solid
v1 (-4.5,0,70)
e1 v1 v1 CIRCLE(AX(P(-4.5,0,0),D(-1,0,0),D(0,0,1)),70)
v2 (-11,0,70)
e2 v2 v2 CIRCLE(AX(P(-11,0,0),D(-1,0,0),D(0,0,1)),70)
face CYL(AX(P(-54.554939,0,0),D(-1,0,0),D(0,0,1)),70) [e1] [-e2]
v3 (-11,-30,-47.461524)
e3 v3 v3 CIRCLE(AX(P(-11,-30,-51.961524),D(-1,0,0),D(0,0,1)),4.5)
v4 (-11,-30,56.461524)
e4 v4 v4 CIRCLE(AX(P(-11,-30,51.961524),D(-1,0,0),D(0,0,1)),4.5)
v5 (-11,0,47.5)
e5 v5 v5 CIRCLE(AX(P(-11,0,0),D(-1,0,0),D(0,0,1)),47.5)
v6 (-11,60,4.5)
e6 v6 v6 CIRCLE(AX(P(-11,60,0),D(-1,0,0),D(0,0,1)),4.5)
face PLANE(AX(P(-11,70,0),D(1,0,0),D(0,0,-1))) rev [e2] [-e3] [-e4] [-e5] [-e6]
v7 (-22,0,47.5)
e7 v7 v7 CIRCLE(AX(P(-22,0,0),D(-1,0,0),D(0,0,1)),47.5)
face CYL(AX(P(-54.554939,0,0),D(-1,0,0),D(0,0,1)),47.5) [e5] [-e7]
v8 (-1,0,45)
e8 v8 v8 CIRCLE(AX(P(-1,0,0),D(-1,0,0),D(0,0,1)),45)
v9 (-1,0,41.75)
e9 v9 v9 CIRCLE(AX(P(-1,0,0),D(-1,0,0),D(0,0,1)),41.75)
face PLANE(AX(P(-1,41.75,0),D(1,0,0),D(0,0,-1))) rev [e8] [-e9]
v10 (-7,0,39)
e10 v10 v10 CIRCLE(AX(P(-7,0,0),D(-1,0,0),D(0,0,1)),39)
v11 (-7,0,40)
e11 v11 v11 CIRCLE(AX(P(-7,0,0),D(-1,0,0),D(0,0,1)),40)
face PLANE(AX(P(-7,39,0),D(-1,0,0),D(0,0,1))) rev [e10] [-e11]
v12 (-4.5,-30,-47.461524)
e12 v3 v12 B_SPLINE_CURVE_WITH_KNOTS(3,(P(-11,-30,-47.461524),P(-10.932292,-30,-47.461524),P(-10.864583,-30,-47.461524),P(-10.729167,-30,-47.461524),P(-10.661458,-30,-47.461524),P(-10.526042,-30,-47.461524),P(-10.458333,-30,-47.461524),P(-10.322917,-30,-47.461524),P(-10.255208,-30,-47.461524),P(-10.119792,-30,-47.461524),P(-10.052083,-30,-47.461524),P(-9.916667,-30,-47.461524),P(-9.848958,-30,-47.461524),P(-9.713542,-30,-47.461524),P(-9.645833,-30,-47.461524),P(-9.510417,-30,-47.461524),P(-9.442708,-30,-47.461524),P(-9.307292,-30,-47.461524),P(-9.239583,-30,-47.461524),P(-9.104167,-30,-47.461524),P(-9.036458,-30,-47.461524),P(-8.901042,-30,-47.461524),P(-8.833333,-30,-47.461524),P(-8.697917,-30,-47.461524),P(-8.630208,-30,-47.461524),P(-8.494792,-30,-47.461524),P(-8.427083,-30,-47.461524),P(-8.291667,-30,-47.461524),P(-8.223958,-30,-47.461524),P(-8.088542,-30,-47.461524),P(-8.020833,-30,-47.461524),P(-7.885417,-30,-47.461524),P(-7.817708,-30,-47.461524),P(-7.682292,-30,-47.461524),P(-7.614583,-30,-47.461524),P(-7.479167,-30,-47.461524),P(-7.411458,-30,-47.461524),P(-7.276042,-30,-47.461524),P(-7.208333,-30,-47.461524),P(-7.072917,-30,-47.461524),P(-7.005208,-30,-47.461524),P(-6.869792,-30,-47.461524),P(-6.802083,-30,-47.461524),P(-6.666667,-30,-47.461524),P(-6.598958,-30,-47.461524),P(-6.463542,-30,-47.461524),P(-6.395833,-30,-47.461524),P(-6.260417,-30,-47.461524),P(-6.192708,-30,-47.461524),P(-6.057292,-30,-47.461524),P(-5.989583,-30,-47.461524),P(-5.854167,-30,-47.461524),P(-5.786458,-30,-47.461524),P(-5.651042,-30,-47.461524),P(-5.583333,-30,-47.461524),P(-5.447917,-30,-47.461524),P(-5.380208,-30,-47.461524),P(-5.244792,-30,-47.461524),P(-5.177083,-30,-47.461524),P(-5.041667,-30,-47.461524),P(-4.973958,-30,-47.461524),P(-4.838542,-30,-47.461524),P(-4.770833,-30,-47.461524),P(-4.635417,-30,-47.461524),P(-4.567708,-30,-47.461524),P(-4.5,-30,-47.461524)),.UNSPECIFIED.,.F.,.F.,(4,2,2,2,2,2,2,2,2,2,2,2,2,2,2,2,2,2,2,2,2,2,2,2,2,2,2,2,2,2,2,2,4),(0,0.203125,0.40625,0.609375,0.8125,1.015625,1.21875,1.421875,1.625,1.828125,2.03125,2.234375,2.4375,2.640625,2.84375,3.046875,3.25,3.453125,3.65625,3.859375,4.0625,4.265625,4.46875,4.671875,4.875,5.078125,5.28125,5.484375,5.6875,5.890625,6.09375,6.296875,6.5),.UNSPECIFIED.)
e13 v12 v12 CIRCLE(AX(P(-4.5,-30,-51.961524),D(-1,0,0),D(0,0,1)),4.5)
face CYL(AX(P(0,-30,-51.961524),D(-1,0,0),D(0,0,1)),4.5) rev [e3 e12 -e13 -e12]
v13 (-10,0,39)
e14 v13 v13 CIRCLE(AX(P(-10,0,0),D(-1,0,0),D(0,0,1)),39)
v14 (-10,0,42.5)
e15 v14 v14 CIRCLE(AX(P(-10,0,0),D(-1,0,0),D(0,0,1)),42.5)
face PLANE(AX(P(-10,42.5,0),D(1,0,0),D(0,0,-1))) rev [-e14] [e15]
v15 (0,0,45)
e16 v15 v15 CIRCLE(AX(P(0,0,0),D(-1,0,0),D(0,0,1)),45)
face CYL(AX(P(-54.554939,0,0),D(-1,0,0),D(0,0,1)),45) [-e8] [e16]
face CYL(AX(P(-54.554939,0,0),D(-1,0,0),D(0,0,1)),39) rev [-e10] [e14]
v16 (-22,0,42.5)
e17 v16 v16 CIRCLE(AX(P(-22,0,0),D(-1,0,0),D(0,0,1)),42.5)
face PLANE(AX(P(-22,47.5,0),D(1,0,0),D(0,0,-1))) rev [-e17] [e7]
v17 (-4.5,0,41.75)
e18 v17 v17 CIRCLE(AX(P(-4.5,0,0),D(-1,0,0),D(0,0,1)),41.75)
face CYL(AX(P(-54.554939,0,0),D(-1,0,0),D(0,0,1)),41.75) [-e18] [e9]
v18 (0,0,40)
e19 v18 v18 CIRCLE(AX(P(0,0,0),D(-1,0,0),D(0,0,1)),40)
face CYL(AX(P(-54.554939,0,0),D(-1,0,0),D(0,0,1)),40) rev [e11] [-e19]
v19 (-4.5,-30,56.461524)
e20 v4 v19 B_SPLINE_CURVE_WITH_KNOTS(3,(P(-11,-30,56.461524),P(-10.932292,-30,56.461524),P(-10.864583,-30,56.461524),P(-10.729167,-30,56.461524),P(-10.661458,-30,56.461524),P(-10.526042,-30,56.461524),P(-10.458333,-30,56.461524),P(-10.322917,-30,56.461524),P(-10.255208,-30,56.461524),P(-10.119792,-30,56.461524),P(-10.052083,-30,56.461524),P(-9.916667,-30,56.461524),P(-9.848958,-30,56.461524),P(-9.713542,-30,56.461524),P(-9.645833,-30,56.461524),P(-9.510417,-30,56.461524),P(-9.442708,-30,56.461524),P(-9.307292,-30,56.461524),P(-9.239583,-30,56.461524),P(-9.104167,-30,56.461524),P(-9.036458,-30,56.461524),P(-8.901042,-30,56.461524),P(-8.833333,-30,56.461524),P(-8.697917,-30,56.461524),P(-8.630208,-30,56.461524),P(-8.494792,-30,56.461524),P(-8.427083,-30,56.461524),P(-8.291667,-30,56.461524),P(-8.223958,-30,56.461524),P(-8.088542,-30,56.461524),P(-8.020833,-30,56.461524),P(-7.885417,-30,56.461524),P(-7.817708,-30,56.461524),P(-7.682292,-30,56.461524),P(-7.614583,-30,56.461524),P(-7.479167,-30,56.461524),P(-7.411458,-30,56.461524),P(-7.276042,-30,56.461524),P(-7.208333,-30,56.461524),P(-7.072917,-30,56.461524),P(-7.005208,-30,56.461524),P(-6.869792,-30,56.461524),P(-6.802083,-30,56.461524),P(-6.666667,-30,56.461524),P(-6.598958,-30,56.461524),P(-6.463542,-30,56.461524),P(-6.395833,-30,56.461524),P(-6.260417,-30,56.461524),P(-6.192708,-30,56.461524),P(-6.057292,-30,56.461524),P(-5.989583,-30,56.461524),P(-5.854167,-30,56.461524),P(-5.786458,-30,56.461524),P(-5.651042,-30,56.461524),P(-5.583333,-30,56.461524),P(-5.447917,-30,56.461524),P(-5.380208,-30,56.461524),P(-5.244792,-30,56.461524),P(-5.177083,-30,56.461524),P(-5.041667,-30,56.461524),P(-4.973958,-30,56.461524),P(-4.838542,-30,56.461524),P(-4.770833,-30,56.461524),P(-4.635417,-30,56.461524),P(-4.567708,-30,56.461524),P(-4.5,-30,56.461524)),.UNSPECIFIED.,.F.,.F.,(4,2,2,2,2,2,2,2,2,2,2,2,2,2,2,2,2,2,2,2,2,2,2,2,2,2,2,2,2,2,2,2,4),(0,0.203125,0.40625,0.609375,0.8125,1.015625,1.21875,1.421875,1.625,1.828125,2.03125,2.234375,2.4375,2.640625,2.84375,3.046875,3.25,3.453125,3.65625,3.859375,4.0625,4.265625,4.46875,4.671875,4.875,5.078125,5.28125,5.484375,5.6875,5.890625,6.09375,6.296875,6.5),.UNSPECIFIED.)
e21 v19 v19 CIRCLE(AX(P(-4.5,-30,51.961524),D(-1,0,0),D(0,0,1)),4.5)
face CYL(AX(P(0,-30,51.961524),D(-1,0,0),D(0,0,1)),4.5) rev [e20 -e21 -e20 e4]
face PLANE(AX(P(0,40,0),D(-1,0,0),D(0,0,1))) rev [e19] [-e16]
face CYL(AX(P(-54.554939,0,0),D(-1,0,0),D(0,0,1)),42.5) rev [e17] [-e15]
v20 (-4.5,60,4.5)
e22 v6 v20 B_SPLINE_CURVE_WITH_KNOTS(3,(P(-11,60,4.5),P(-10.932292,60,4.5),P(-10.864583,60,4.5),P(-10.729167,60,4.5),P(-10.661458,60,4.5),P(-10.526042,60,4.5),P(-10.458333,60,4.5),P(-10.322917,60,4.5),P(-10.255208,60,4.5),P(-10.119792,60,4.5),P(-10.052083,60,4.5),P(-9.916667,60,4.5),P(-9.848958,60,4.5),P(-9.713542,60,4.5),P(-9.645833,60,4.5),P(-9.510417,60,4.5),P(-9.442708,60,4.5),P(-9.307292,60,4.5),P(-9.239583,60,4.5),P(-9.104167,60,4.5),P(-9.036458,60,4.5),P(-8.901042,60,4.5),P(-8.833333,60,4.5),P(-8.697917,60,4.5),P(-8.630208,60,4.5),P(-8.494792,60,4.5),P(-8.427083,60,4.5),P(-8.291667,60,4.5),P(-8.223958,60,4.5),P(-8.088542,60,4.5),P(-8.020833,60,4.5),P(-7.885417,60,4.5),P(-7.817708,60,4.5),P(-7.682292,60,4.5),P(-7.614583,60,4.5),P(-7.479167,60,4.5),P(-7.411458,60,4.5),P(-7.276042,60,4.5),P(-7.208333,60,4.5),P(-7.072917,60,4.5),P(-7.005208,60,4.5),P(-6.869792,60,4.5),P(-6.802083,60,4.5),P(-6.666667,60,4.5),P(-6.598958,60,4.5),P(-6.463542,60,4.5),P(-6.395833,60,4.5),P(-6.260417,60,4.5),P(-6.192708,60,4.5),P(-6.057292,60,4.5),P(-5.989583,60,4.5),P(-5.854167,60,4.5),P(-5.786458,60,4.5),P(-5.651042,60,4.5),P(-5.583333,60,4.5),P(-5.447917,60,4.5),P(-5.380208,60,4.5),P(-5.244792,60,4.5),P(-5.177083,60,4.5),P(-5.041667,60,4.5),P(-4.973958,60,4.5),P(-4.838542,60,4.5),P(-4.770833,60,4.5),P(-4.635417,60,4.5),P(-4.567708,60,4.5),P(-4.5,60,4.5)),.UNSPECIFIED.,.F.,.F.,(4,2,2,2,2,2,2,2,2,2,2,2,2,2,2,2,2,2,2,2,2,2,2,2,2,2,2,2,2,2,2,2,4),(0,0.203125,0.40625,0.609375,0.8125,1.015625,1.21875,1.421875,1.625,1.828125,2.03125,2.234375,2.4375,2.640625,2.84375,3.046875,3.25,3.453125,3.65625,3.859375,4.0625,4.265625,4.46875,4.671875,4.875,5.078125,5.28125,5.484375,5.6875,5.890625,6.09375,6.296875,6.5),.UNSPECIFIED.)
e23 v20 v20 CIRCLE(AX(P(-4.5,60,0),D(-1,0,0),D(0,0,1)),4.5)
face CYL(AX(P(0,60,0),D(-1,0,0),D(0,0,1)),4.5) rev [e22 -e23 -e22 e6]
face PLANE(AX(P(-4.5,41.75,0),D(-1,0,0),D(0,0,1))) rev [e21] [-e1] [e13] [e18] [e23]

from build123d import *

# Parameters (mm, degrees)
SCHIZZO2_R               = 4.5
TAGLIO_ESTRUSIONE1_DEPTH = 100.604216778


with BuildPart() as part:
    # Schizzo1 → Rivoluzione1 (revolve)
    with BuildSketch(Plane.XY, mode=Mode.PRIVATE) as rivoluzione1_sk:
        Polygon((0, 40), (0, 45), (-1, 45), (-1, 41.75), (-4.5, 41.75), (-4.5, 70), (-11, 70), (-11, 47.5), (-22, 47.5), (-22, 42.5), (-10, 42.5), (-10, 39), (-7, 39), (-7, 40), align=None)
    revolve(rivoluzione1_sk.sketch.rotate(Axis((-54.554939241, 0, 0), (1, 0, 0)), 90), axis=Axis((-54.554939241, 0, 0), (1, 0, 0)))

    # Schizzo2 → Taglio-Estrusione1 (cut, through all)
    with BuildSketch(Plane.ZY.offset(11)):
        with Locations((0, 60)):
            Circle(SCHIZZO2_R)
        with Locations((51.961524227, -30)):
            Circle(SCHIZZO2_R)
        with Locations((-51.961524227, -30)):
            Circle(SCHIZZO2_R)
    extrude(amount=-TAGLIO_ESTRUSIONE1_DEPTH, mode=Mode.SUBTRACT)


solid = part.part
